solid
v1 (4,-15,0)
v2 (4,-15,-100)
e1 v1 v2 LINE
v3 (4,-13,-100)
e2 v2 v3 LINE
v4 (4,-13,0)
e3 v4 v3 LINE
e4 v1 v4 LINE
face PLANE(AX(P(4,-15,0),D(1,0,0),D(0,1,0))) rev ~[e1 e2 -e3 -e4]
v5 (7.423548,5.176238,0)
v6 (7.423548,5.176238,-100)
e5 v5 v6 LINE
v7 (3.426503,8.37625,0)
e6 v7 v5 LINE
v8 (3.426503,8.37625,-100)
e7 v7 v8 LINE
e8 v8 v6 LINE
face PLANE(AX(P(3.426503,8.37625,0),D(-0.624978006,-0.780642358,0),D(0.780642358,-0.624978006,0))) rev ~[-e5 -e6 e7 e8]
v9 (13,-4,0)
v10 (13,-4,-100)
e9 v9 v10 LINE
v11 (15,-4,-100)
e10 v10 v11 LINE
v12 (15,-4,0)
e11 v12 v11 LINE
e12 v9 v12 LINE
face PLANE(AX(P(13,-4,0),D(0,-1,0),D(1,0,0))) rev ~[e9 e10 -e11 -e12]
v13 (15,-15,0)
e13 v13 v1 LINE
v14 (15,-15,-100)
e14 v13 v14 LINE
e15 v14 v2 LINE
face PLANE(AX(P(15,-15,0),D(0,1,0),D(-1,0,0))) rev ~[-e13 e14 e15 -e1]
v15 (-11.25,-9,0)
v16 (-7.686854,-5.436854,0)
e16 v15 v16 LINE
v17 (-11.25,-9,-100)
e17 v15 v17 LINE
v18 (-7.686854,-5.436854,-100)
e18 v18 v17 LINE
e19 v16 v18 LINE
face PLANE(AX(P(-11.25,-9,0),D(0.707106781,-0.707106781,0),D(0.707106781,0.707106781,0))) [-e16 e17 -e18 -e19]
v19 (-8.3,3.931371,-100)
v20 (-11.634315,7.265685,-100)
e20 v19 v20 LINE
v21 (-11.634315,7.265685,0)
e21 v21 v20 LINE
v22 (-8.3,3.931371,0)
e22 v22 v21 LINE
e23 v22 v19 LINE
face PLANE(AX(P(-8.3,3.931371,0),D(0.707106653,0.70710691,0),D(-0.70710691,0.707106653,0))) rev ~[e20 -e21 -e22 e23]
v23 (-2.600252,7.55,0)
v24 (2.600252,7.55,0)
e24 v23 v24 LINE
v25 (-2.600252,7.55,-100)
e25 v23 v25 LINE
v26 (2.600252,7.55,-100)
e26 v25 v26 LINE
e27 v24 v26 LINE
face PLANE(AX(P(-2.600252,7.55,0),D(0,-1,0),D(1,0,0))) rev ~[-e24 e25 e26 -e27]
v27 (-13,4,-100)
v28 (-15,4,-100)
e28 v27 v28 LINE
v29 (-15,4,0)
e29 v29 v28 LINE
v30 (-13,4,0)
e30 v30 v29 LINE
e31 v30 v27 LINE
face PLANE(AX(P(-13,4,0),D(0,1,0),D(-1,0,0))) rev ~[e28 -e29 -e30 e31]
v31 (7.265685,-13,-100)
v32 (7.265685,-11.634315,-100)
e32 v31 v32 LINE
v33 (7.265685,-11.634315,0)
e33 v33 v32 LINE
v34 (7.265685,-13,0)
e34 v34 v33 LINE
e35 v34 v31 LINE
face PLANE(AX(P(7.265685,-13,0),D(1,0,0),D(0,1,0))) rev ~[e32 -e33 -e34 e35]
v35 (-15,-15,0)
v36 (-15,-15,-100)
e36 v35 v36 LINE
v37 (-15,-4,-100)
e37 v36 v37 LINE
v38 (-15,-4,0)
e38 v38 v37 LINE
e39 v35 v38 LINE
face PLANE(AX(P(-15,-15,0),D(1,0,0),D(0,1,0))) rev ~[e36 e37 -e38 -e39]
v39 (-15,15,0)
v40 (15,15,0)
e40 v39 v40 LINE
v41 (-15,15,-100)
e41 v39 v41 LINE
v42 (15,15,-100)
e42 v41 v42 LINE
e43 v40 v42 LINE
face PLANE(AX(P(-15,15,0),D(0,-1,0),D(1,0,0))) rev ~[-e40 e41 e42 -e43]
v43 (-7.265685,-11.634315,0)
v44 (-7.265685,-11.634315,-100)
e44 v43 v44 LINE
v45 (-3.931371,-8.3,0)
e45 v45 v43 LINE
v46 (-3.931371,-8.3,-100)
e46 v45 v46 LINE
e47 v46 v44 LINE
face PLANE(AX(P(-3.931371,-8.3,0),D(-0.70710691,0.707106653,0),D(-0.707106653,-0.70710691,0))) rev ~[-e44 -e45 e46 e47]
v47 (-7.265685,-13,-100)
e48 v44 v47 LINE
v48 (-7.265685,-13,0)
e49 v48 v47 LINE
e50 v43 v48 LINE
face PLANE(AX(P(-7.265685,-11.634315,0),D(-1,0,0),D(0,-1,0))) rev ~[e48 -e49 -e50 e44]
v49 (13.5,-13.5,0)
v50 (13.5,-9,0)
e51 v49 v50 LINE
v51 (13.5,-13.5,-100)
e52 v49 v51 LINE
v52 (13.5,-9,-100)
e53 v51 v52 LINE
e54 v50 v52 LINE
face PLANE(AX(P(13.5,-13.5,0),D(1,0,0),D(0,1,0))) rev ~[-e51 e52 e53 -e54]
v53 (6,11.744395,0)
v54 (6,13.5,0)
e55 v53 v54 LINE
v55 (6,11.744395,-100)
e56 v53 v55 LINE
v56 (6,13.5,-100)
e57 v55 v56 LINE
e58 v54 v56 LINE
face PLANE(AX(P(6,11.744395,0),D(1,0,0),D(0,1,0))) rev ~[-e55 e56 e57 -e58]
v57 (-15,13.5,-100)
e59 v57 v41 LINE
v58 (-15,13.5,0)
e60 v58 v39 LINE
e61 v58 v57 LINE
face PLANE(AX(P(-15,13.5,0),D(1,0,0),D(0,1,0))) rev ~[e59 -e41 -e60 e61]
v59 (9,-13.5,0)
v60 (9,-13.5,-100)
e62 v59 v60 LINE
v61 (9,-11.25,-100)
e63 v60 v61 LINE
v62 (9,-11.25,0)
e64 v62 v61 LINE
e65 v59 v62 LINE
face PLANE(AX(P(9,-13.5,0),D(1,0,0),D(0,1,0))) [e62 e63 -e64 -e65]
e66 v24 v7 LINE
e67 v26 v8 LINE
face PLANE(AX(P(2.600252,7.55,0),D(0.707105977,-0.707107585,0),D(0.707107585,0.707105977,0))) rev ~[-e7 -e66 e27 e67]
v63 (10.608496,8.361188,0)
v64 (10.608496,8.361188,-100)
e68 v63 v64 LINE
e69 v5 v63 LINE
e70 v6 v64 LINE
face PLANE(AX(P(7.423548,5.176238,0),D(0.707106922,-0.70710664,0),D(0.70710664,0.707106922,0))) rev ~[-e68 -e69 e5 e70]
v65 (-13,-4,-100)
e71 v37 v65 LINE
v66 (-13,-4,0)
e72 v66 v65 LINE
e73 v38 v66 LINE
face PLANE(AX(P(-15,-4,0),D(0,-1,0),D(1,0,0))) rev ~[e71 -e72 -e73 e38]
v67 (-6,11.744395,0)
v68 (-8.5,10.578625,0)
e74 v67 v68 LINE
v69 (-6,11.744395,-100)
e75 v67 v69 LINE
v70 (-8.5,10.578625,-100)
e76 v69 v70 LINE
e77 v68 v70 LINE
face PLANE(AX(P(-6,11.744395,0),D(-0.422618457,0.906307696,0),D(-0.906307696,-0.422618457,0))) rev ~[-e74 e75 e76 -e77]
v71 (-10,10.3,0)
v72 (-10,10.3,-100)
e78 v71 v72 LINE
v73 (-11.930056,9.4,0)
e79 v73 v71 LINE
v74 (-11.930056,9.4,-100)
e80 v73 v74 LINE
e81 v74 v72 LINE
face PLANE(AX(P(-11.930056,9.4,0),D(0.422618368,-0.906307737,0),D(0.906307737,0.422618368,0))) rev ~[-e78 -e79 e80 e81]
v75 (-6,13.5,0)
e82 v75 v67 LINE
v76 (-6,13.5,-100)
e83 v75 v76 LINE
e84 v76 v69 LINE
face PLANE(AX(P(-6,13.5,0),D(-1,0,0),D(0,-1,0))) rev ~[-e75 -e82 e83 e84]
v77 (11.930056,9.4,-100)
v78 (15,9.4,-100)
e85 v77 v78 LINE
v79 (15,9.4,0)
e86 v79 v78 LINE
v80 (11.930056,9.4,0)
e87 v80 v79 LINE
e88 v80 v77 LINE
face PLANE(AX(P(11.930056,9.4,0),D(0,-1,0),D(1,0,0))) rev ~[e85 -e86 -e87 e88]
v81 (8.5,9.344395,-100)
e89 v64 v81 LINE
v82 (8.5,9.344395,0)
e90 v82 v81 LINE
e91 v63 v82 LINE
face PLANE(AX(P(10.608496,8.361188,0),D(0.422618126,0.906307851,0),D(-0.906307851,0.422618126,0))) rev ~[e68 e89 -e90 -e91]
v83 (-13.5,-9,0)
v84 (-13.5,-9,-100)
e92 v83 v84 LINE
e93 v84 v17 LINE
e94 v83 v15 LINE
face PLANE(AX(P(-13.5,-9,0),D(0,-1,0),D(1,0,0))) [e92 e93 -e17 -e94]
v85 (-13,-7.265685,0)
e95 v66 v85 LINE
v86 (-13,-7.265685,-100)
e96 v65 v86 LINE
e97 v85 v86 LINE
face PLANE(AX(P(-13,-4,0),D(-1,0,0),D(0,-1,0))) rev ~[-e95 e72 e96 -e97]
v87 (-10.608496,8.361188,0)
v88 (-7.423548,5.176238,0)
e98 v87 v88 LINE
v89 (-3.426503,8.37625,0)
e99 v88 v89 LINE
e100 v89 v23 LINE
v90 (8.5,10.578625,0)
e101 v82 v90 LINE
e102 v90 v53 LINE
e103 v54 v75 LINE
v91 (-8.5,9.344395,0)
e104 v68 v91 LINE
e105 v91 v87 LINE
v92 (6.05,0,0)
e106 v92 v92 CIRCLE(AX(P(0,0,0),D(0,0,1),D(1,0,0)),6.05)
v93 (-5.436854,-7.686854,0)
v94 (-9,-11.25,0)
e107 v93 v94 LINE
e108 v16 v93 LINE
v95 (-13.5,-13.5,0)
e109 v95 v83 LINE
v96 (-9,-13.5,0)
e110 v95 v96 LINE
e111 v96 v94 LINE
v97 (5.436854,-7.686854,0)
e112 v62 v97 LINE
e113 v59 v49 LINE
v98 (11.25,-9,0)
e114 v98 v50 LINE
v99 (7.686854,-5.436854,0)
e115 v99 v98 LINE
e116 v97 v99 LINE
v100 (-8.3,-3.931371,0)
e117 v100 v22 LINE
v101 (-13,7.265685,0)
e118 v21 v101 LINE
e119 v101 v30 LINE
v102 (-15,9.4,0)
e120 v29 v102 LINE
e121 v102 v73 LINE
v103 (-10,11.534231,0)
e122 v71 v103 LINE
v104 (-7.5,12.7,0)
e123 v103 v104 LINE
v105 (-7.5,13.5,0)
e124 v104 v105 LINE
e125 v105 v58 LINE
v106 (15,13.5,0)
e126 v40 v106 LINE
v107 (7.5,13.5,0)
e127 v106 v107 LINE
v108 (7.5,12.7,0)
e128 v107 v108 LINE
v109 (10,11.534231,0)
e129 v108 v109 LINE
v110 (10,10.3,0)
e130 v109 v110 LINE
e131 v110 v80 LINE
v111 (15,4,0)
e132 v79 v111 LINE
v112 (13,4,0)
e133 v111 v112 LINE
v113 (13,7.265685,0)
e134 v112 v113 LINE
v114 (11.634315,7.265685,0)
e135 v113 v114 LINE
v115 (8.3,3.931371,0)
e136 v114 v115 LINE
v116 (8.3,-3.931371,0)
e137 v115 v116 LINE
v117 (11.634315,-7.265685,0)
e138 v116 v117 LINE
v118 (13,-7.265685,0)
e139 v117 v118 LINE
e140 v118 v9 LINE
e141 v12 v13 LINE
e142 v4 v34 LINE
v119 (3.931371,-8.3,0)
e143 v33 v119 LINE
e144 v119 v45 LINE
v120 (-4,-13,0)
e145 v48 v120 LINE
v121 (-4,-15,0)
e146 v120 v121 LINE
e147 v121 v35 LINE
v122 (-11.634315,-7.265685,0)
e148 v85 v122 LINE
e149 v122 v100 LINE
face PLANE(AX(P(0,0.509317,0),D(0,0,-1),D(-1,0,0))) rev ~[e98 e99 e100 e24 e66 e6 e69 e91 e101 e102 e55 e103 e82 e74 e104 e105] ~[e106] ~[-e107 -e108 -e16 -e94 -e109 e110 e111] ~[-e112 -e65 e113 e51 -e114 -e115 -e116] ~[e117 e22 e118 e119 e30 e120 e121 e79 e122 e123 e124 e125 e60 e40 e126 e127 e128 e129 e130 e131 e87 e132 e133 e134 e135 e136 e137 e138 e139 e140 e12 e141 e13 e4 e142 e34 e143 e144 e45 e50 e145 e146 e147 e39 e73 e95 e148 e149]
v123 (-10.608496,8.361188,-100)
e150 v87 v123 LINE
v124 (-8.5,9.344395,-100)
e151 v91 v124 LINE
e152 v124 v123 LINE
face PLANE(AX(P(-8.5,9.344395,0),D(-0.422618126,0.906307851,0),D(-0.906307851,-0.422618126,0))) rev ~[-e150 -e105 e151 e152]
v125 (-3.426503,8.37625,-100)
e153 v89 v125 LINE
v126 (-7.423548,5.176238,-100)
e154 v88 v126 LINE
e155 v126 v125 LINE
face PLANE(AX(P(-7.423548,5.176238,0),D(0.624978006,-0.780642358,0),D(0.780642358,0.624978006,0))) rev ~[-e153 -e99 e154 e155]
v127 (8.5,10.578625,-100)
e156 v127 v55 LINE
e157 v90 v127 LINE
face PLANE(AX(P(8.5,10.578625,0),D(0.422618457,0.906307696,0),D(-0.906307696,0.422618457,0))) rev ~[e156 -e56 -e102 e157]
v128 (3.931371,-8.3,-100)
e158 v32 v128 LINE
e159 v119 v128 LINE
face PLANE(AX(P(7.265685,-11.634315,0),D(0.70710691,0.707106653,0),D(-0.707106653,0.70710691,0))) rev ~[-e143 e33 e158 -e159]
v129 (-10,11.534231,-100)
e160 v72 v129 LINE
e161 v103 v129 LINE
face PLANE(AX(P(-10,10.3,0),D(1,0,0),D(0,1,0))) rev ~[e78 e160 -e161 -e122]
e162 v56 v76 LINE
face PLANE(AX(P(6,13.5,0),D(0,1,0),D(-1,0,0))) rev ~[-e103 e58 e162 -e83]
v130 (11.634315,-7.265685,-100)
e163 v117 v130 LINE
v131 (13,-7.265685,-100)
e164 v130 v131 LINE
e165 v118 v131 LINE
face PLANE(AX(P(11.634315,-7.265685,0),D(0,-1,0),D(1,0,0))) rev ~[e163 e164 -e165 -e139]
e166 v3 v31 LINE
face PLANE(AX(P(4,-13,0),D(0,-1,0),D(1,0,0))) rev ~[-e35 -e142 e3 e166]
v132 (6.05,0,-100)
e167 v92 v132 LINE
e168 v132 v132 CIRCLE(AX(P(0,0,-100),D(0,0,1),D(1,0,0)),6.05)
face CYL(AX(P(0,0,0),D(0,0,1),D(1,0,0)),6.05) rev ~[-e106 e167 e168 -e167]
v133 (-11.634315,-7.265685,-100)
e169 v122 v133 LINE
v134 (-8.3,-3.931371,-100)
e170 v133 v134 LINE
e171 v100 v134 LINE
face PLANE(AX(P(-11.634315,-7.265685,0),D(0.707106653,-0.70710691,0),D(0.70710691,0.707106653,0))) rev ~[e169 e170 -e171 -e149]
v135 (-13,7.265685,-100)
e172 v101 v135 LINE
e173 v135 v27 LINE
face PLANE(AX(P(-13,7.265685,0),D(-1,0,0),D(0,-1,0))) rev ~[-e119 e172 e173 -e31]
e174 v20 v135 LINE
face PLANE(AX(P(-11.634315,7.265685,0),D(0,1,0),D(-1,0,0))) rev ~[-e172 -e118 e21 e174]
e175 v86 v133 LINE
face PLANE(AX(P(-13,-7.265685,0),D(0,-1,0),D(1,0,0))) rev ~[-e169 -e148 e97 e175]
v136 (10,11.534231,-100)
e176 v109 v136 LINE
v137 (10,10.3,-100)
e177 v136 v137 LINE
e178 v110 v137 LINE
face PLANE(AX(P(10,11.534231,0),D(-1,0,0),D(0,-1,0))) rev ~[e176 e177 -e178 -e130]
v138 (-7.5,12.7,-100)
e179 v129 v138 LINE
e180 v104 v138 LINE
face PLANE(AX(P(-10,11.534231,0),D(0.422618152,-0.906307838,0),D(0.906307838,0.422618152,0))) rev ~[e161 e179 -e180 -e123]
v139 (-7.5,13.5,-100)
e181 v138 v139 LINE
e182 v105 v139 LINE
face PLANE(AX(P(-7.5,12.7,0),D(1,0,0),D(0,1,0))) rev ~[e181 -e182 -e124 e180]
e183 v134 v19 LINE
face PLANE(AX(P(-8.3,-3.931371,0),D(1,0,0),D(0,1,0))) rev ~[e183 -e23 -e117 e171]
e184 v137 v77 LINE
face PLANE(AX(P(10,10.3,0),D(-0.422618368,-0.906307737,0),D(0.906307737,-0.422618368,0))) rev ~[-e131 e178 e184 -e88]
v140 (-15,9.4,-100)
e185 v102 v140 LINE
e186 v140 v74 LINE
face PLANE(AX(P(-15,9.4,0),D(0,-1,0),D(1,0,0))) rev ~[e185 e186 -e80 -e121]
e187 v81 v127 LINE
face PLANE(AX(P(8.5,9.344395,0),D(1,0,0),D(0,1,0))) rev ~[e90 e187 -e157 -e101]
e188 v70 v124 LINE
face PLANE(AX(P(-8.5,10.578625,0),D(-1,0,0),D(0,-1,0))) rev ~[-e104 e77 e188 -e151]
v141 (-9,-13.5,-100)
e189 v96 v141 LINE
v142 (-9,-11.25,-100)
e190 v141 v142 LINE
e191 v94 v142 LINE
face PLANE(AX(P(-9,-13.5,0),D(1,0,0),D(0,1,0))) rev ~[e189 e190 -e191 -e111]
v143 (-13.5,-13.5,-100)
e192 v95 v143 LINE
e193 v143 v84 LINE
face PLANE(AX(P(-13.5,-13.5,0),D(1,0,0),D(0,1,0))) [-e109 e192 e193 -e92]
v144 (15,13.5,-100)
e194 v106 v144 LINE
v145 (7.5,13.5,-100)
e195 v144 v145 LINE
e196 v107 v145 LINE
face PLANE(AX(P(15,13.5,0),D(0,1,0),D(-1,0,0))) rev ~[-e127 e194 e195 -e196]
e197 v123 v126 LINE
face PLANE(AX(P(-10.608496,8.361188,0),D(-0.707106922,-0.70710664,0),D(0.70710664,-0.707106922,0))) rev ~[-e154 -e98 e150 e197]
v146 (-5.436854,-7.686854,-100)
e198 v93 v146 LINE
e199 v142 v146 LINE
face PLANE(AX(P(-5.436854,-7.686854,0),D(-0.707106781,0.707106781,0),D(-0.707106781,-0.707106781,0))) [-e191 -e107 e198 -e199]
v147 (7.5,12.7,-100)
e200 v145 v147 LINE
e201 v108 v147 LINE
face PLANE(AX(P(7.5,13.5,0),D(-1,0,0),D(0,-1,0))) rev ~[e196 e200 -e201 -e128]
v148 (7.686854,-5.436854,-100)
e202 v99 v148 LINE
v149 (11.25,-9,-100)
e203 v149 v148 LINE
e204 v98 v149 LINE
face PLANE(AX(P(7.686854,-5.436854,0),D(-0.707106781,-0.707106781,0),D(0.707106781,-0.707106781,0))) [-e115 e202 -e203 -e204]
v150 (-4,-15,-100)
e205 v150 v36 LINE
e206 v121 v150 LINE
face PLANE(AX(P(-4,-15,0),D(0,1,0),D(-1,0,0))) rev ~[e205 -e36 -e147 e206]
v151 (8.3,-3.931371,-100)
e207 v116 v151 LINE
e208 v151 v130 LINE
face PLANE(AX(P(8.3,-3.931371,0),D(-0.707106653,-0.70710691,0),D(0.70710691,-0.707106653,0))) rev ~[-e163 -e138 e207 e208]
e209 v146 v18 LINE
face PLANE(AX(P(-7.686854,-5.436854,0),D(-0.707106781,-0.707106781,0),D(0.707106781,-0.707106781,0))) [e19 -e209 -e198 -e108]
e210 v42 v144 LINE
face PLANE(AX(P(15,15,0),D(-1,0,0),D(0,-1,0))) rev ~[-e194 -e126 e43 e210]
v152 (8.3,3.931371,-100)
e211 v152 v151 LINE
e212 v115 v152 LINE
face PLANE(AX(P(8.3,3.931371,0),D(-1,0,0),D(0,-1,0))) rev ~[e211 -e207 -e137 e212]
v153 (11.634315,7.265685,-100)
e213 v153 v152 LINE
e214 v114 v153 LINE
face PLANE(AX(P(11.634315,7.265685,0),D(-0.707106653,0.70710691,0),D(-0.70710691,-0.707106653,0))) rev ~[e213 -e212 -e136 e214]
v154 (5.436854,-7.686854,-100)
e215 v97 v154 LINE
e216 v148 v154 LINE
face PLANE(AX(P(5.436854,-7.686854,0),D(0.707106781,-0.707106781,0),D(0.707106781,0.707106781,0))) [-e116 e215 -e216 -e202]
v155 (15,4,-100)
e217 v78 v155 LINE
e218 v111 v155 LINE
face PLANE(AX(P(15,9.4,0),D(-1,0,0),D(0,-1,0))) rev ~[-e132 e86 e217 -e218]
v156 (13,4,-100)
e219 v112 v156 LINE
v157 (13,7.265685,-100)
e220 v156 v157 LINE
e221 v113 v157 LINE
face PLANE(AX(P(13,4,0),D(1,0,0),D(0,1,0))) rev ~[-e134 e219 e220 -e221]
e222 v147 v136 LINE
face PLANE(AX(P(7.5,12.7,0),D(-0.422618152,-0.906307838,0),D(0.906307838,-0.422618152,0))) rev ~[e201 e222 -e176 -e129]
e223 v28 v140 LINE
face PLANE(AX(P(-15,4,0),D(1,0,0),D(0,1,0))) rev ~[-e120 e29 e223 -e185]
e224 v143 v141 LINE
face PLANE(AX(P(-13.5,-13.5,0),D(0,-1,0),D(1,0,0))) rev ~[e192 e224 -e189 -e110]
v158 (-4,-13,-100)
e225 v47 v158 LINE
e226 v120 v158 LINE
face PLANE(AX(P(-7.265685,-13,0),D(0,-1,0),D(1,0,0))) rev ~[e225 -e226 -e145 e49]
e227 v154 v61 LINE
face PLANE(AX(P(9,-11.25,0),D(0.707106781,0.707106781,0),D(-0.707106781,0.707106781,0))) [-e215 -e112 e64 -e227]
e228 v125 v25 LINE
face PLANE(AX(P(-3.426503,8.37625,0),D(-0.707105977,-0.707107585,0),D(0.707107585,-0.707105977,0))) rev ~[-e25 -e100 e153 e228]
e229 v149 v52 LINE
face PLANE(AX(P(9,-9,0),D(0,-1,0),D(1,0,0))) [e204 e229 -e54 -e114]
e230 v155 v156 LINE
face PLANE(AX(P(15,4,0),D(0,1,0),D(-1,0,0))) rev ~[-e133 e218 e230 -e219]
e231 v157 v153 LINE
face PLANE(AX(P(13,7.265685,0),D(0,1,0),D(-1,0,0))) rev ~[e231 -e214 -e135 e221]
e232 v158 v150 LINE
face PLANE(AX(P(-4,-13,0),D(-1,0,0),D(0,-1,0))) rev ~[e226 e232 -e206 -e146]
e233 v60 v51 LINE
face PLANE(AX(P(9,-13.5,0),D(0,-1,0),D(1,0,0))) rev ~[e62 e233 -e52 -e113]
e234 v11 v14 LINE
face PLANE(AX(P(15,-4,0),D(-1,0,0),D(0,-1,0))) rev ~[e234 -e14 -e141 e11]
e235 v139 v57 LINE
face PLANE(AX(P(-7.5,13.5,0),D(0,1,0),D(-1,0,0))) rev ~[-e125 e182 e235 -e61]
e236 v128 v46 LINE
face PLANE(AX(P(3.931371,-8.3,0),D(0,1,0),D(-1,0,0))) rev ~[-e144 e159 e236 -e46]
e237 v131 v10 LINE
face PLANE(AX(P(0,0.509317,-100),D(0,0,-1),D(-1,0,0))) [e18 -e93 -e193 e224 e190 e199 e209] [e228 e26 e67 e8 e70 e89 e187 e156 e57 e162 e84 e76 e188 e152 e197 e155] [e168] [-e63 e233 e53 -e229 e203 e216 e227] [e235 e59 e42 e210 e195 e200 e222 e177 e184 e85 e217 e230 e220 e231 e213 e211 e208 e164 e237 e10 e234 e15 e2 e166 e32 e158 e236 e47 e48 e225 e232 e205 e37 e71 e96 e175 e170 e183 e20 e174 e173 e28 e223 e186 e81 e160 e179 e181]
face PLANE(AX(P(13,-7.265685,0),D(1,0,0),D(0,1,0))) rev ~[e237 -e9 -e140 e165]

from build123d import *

# Parameters (mm, degrees)
SKETCH1_R          = 6.05
SKETCH1_W          = 4.5
SKETCH1_H          = 4.5
EXTRUDE1_DEPTH     = 100
CUT_EXTRUDE1_DEPTH = 101
CIRPATTERN1_COUNT  = 2
CIRPATTERN1_ANGLE  = 90


with BuildPart() as part:
    # Sketch1 → Extrude1 (new body)
    with BuildSketch(Plane.XY):
        Polygon((13, 7.265685), (11.634315, 7.265685), (8.3, 3.931371213), (8.3, -3.931371213), (11.634315, -7.265685), (13, -7.265685), (13, -4), (15, -4), (15, -15), (4, -15), (4, -13), (7.265685, -13), (7.265685, -11.634315), (3.931371213, -8.3), (-3.931371213, -8.3), (-7.265685, -11.634315), (-7.265685, -13), (-4, -13), (-4, -15), (-15, -15), (-15, -4), (-13, -4), (-13, -7.265685), (-11.634315, -7.265685), (-8.3, -3.931371213), (-8.3, 3.931371213), (-11.634315, 7.265685), (-13, 7.265685), (-13, 4), (-15, 4), (-15, 9.399999971), (-11.93005553, 9.399999971), (-9.99999999, 10.299999926), (-9.99999999, 11.534231082), (-7.49999999, 12.69999986), (-7.49999999, 13.499999971), (-14.999999992, 13.499999971), (-14.999999992, 15), (14.99999999, 15), (14.99999999, 13.499999971), (7.49999999, 13.499999971), (7.49999999, 12.69999986), (9.99999999, 11.534231082), (9.99999999, 10.299999926), (11.93005553, 9.399999971), (15, 9.399999971), (15, 4), (13, 4), align=None)
        Circle(SKETCH1_R, mode=Mode.SUBTRACT)
        Polygon((-8.5, 10.5786251), (-8.5, 9.344394771), (-10.60849553, 8.361187544), (-7.423547516, 5.176238259), (-3.426503445, 8.376249899), (-2.600251667, 7.55), (2.600251667, 7.55), (3.426503445, 8.376249899), (7.423547516, 5.176238259), (10.60849553, 8.361187544), (8.5, 9.344394771), (8.5, 10.5786251), (6, 11.7443949), (6, 13.5), (-6, 13.5), (-6, 11.7443949), align=None, mode=Mode.SUBTRACT)
        with Locations((-11.25, -11.25)):
            Rectangle(SKETCH1_W, SKETCH1_H, mode=Mode.SUBTRACT)
        with Locations((11.25, -11.25)):
            Rectangle(SKETCH1_W, SKETCH1_H, mode=Mode.SUBTRACT)
    extrude(amount=-EXTRUDE1_DEPTH)

    # Sketch2 → Cut-Extrude1 (cut, through all)
    with BuildSketch(Plane.XY):
        Polygon((-11.25, -9), (-7.686853797, -5.436853797), (-5.436853797, -7.686853797), (-9, -11.25), align=None)
    cut_extrude1 = extrude(amount=-CUT_EXTRUDE1_DEPTH, mode=Mode.SUBTRACT)

    # CirPattern1: Cut-Extrude1 ×2 about axis
    cirpattern1_axis = Axis((0, 0, 0), (0, 0, 1))
    for i in range(1, CIRPATTERN1_COUNT):
        add(cut_extrude1.rotate(cirpattern1_axis, i * CIRPATTERN1_ANGLE / (CIRPATTERN1_COUNT - 1)), mode=Mode.SUBTRACT)


solid = part.part
